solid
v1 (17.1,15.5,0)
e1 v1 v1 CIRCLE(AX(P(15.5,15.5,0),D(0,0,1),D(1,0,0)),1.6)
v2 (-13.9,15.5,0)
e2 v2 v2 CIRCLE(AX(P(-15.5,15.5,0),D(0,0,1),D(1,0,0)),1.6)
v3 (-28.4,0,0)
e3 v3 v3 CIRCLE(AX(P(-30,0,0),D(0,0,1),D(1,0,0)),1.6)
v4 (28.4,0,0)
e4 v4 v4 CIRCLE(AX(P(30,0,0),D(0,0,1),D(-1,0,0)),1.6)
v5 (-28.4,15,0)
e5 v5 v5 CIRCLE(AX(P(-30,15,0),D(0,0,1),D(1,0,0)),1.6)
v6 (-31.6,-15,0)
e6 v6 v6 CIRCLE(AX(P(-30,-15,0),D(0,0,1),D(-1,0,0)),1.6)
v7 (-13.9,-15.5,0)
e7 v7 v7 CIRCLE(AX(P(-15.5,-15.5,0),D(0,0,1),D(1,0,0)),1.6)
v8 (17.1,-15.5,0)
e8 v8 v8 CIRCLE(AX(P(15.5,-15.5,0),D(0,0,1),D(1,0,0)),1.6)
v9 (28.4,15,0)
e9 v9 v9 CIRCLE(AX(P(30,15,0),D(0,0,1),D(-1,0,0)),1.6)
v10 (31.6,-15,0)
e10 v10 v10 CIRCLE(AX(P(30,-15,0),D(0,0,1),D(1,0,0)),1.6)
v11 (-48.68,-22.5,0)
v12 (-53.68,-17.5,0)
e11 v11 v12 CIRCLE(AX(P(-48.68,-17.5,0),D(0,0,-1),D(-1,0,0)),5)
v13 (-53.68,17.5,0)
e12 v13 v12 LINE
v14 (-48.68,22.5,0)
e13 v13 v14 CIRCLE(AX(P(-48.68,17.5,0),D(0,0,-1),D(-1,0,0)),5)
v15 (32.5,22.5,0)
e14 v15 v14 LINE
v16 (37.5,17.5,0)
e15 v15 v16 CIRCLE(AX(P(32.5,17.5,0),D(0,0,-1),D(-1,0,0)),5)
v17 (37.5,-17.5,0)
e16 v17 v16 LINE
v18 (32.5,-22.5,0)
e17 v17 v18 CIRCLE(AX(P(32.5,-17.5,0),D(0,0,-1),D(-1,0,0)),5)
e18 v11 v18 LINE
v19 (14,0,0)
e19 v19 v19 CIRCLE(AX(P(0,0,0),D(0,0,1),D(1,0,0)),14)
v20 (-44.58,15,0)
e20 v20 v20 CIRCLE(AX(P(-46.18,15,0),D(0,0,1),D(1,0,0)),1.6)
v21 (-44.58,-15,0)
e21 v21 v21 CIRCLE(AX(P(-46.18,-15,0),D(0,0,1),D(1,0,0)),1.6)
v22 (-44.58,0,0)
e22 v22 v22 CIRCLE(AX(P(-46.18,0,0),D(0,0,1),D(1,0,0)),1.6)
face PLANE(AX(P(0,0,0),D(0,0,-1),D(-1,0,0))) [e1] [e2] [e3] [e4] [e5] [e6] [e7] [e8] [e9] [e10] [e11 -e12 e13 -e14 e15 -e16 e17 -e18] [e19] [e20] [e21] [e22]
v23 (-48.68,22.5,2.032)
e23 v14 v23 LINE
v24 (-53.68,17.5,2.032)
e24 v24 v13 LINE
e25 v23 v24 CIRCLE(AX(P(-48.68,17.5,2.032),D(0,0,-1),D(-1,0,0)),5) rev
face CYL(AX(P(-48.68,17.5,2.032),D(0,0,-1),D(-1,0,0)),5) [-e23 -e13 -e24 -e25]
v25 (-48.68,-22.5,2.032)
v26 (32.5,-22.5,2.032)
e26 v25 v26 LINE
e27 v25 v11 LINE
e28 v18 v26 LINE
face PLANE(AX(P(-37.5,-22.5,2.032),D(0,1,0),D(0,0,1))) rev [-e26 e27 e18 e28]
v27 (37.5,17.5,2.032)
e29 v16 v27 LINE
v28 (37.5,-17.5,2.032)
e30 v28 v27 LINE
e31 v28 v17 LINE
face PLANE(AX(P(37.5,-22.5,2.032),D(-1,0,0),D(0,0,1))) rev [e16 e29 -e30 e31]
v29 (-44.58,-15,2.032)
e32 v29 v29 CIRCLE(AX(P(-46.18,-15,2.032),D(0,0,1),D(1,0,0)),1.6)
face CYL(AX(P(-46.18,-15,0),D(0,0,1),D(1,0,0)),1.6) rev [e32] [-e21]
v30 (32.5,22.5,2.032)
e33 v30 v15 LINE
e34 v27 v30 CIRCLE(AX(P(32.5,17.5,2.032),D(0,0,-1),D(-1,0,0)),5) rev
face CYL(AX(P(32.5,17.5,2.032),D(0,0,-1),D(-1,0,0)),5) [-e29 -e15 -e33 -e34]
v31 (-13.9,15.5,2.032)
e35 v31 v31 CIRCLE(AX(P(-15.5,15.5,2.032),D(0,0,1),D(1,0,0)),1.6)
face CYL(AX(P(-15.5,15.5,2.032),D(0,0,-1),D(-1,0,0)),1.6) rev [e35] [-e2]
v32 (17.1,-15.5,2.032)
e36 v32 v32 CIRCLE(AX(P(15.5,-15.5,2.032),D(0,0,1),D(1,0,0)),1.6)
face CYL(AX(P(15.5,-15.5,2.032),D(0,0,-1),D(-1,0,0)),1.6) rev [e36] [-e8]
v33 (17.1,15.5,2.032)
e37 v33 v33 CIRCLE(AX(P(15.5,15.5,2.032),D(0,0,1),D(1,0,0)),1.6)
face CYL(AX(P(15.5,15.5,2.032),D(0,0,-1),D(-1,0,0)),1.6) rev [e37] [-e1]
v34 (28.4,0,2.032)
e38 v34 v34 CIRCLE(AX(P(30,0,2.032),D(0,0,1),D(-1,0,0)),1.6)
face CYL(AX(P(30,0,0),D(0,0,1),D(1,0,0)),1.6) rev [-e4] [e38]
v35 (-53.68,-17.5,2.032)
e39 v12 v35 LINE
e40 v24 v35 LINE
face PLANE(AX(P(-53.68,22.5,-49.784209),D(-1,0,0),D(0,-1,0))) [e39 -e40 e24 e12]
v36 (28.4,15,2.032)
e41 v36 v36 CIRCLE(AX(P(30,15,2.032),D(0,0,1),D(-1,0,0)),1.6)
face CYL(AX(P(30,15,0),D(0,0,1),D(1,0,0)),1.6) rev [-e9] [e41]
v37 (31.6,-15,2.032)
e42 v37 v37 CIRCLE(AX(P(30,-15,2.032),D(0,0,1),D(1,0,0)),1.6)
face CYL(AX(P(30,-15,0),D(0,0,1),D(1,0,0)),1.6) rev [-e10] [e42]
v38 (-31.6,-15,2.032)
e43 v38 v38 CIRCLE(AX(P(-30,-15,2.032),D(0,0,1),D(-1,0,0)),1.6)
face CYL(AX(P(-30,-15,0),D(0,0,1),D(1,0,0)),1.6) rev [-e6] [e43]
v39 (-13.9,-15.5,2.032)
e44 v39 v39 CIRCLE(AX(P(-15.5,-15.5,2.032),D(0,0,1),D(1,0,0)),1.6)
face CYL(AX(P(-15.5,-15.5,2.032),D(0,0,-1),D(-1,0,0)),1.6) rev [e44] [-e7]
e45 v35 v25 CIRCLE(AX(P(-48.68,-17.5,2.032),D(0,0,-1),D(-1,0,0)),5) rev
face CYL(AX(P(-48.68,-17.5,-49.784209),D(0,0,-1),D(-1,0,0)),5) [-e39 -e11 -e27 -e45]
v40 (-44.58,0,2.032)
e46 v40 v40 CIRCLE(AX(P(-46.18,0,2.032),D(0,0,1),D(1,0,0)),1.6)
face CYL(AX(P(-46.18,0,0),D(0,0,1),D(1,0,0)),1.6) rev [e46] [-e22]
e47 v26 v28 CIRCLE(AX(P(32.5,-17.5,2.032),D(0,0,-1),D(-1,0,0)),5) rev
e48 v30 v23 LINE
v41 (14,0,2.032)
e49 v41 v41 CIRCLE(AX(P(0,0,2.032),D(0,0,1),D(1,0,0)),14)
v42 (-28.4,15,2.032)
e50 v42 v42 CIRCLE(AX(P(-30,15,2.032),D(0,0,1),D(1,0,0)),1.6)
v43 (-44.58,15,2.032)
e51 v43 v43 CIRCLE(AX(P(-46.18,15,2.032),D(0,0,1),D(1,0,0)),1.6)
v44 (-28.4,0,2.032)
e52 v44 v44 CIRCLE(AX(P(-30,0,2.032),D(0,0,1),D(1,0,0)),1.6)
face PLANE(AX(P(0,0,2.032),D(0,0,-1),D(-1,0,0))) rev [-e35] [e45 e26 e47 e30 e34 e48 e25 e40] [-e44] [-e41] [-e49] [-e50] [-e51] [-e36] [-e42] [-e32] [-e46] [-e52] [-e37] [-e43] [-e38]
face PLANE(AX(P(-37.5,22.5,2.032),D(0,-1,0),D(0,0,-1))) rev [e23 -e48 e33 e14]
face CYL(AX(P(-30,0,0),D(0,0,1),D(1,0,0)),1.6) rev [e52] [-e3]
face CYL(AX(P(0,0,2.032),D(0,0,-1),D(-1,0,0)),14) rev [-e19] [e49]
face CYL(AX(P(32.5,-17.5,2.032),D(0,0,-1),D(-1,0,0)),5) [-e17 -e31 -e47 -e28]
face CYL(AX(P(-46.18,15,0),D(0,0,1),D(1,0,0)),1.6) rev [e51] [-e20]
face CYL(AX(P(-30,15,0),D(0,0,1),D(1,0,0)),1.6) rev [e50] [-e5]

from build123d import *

# Parameters (mm, degrees)
SKETCH1_W           = 75
SKETCH1_H           = 45
SKETCH1_R           = 14
SKETCH1_R_2         = 1.6
BOSS_EXTRUDE1_DEPTH = 2.032
FILLET2_R           = 5
SKETCH2_R           = 1.6
CUT_EXTRUDE1_DEPTH  = 3.032
SKETCH5_W           = 21.294776471
SKETCH5_H           = 45
BOSS_EXTRUDE3_DEPTH = 2.032
FILLET3_R           = 5
SKETCH6_R           = 1.6
CUT_EXTRUDE2_DEPTH  = 3.032


with BuildPart() as part:
    # Sketch1 → Boss-Extrude1 (new body)
    with BuildSketch(Plane.XY):
        Rectangle(SKETCH1_W, SKETCH1_H)
        Circle(SKETCH1_R, mode=Mode.SUBTRACT)
        with Locations((-15.5, 15.5)):
            Circle(SKETCH1_R_2, mode=Mode.SUBTRACT)
        with Locations((15.5, 15.5)):
            Circle(SKETCH1_R_2, mode=Mode.SUBTRACT)
        with Locations((15.5, -15.5)):
            Circle(SKETCH1_R_2, mode=Mode.SUBTRACT)
        with Locations((-15.5, -15.5)):
            Circle(SKETCH1_R_2, mode=Mode.SUBTRACT)
    extrude(amount=BOSS_EXTRUDE1_DEPTH)

    # Fillet2
    fillet2_edges = [part.edges().sort_by_distance(p)[0] for p in [
        (37.5, -22.5, 1.016),
        (-37.5, -22.5, 1.016),
        (-37.5, 22.5, 1.016),
        (37.5, 22.5, 1.016),
    ]]
    fillet(fillet2_edges, radius=FILLET2_R)

    # Sketch2 → Cut-Extrude1 (cut, through all)
    with BuildSketch(Plane.XY.offset(2.032)):
        with Locations((-30, 0)):
            Circle(SKETCH2_R)
        with Locations((-30, 15)):
            Circle(SKETCH2_R)
        with Locations((-30, -15)):
            Circle(SKETCH2_R)
        with Locations((30, -15)):
            Circle(SKETCH2_R)
        with Locations((30, 15)):
            Circle(SKETCH2_R)
        with Locations((30, 0)):
            Circle(SKETCH2_R)
    extrude(amount=-CUT_EXTRUDE1_DEPTH, mode=Mode.SUBTRACT)

    # Sketch5 → Boss-Extrude3 (add)
    with BuildSketch(Plane.XY.offset(2.032)):
        with Locations((-43.032611765, 0)):
            Rectangle(SKETCH5_W, SKETCH5_H)
    extrude(amount=-BOSS_EXTRUDE3_DEPTH)

    # Fillet3
    fillet3_edges = [part.edges().sort_by_distance(p)[0] for p in [
        (-53.68, 22.5, 1.016),
        (-53.68, -22.5, 1.016),
    ]]
    fillet(fillet3_edges, radius=FILLET3_R)

    # Sketch6 → Cut-Extrude2 (cut, through all)
    with BuildSketch(Plane.XY.offset(2.032)):
        with Locations((-46.18, 15)):
            Circle(SKETCH6_R)
        with Locations((-46.18, 0)):
            Circle(SKETCH6_R)
        with Locations((-46.18, -15)):
            Circle(SKETCH6_R)
    extrude(amount=-CUT_EXTRUDE2_DEPTH, mode=Mode.SUBTRACT)


solid = part.part
